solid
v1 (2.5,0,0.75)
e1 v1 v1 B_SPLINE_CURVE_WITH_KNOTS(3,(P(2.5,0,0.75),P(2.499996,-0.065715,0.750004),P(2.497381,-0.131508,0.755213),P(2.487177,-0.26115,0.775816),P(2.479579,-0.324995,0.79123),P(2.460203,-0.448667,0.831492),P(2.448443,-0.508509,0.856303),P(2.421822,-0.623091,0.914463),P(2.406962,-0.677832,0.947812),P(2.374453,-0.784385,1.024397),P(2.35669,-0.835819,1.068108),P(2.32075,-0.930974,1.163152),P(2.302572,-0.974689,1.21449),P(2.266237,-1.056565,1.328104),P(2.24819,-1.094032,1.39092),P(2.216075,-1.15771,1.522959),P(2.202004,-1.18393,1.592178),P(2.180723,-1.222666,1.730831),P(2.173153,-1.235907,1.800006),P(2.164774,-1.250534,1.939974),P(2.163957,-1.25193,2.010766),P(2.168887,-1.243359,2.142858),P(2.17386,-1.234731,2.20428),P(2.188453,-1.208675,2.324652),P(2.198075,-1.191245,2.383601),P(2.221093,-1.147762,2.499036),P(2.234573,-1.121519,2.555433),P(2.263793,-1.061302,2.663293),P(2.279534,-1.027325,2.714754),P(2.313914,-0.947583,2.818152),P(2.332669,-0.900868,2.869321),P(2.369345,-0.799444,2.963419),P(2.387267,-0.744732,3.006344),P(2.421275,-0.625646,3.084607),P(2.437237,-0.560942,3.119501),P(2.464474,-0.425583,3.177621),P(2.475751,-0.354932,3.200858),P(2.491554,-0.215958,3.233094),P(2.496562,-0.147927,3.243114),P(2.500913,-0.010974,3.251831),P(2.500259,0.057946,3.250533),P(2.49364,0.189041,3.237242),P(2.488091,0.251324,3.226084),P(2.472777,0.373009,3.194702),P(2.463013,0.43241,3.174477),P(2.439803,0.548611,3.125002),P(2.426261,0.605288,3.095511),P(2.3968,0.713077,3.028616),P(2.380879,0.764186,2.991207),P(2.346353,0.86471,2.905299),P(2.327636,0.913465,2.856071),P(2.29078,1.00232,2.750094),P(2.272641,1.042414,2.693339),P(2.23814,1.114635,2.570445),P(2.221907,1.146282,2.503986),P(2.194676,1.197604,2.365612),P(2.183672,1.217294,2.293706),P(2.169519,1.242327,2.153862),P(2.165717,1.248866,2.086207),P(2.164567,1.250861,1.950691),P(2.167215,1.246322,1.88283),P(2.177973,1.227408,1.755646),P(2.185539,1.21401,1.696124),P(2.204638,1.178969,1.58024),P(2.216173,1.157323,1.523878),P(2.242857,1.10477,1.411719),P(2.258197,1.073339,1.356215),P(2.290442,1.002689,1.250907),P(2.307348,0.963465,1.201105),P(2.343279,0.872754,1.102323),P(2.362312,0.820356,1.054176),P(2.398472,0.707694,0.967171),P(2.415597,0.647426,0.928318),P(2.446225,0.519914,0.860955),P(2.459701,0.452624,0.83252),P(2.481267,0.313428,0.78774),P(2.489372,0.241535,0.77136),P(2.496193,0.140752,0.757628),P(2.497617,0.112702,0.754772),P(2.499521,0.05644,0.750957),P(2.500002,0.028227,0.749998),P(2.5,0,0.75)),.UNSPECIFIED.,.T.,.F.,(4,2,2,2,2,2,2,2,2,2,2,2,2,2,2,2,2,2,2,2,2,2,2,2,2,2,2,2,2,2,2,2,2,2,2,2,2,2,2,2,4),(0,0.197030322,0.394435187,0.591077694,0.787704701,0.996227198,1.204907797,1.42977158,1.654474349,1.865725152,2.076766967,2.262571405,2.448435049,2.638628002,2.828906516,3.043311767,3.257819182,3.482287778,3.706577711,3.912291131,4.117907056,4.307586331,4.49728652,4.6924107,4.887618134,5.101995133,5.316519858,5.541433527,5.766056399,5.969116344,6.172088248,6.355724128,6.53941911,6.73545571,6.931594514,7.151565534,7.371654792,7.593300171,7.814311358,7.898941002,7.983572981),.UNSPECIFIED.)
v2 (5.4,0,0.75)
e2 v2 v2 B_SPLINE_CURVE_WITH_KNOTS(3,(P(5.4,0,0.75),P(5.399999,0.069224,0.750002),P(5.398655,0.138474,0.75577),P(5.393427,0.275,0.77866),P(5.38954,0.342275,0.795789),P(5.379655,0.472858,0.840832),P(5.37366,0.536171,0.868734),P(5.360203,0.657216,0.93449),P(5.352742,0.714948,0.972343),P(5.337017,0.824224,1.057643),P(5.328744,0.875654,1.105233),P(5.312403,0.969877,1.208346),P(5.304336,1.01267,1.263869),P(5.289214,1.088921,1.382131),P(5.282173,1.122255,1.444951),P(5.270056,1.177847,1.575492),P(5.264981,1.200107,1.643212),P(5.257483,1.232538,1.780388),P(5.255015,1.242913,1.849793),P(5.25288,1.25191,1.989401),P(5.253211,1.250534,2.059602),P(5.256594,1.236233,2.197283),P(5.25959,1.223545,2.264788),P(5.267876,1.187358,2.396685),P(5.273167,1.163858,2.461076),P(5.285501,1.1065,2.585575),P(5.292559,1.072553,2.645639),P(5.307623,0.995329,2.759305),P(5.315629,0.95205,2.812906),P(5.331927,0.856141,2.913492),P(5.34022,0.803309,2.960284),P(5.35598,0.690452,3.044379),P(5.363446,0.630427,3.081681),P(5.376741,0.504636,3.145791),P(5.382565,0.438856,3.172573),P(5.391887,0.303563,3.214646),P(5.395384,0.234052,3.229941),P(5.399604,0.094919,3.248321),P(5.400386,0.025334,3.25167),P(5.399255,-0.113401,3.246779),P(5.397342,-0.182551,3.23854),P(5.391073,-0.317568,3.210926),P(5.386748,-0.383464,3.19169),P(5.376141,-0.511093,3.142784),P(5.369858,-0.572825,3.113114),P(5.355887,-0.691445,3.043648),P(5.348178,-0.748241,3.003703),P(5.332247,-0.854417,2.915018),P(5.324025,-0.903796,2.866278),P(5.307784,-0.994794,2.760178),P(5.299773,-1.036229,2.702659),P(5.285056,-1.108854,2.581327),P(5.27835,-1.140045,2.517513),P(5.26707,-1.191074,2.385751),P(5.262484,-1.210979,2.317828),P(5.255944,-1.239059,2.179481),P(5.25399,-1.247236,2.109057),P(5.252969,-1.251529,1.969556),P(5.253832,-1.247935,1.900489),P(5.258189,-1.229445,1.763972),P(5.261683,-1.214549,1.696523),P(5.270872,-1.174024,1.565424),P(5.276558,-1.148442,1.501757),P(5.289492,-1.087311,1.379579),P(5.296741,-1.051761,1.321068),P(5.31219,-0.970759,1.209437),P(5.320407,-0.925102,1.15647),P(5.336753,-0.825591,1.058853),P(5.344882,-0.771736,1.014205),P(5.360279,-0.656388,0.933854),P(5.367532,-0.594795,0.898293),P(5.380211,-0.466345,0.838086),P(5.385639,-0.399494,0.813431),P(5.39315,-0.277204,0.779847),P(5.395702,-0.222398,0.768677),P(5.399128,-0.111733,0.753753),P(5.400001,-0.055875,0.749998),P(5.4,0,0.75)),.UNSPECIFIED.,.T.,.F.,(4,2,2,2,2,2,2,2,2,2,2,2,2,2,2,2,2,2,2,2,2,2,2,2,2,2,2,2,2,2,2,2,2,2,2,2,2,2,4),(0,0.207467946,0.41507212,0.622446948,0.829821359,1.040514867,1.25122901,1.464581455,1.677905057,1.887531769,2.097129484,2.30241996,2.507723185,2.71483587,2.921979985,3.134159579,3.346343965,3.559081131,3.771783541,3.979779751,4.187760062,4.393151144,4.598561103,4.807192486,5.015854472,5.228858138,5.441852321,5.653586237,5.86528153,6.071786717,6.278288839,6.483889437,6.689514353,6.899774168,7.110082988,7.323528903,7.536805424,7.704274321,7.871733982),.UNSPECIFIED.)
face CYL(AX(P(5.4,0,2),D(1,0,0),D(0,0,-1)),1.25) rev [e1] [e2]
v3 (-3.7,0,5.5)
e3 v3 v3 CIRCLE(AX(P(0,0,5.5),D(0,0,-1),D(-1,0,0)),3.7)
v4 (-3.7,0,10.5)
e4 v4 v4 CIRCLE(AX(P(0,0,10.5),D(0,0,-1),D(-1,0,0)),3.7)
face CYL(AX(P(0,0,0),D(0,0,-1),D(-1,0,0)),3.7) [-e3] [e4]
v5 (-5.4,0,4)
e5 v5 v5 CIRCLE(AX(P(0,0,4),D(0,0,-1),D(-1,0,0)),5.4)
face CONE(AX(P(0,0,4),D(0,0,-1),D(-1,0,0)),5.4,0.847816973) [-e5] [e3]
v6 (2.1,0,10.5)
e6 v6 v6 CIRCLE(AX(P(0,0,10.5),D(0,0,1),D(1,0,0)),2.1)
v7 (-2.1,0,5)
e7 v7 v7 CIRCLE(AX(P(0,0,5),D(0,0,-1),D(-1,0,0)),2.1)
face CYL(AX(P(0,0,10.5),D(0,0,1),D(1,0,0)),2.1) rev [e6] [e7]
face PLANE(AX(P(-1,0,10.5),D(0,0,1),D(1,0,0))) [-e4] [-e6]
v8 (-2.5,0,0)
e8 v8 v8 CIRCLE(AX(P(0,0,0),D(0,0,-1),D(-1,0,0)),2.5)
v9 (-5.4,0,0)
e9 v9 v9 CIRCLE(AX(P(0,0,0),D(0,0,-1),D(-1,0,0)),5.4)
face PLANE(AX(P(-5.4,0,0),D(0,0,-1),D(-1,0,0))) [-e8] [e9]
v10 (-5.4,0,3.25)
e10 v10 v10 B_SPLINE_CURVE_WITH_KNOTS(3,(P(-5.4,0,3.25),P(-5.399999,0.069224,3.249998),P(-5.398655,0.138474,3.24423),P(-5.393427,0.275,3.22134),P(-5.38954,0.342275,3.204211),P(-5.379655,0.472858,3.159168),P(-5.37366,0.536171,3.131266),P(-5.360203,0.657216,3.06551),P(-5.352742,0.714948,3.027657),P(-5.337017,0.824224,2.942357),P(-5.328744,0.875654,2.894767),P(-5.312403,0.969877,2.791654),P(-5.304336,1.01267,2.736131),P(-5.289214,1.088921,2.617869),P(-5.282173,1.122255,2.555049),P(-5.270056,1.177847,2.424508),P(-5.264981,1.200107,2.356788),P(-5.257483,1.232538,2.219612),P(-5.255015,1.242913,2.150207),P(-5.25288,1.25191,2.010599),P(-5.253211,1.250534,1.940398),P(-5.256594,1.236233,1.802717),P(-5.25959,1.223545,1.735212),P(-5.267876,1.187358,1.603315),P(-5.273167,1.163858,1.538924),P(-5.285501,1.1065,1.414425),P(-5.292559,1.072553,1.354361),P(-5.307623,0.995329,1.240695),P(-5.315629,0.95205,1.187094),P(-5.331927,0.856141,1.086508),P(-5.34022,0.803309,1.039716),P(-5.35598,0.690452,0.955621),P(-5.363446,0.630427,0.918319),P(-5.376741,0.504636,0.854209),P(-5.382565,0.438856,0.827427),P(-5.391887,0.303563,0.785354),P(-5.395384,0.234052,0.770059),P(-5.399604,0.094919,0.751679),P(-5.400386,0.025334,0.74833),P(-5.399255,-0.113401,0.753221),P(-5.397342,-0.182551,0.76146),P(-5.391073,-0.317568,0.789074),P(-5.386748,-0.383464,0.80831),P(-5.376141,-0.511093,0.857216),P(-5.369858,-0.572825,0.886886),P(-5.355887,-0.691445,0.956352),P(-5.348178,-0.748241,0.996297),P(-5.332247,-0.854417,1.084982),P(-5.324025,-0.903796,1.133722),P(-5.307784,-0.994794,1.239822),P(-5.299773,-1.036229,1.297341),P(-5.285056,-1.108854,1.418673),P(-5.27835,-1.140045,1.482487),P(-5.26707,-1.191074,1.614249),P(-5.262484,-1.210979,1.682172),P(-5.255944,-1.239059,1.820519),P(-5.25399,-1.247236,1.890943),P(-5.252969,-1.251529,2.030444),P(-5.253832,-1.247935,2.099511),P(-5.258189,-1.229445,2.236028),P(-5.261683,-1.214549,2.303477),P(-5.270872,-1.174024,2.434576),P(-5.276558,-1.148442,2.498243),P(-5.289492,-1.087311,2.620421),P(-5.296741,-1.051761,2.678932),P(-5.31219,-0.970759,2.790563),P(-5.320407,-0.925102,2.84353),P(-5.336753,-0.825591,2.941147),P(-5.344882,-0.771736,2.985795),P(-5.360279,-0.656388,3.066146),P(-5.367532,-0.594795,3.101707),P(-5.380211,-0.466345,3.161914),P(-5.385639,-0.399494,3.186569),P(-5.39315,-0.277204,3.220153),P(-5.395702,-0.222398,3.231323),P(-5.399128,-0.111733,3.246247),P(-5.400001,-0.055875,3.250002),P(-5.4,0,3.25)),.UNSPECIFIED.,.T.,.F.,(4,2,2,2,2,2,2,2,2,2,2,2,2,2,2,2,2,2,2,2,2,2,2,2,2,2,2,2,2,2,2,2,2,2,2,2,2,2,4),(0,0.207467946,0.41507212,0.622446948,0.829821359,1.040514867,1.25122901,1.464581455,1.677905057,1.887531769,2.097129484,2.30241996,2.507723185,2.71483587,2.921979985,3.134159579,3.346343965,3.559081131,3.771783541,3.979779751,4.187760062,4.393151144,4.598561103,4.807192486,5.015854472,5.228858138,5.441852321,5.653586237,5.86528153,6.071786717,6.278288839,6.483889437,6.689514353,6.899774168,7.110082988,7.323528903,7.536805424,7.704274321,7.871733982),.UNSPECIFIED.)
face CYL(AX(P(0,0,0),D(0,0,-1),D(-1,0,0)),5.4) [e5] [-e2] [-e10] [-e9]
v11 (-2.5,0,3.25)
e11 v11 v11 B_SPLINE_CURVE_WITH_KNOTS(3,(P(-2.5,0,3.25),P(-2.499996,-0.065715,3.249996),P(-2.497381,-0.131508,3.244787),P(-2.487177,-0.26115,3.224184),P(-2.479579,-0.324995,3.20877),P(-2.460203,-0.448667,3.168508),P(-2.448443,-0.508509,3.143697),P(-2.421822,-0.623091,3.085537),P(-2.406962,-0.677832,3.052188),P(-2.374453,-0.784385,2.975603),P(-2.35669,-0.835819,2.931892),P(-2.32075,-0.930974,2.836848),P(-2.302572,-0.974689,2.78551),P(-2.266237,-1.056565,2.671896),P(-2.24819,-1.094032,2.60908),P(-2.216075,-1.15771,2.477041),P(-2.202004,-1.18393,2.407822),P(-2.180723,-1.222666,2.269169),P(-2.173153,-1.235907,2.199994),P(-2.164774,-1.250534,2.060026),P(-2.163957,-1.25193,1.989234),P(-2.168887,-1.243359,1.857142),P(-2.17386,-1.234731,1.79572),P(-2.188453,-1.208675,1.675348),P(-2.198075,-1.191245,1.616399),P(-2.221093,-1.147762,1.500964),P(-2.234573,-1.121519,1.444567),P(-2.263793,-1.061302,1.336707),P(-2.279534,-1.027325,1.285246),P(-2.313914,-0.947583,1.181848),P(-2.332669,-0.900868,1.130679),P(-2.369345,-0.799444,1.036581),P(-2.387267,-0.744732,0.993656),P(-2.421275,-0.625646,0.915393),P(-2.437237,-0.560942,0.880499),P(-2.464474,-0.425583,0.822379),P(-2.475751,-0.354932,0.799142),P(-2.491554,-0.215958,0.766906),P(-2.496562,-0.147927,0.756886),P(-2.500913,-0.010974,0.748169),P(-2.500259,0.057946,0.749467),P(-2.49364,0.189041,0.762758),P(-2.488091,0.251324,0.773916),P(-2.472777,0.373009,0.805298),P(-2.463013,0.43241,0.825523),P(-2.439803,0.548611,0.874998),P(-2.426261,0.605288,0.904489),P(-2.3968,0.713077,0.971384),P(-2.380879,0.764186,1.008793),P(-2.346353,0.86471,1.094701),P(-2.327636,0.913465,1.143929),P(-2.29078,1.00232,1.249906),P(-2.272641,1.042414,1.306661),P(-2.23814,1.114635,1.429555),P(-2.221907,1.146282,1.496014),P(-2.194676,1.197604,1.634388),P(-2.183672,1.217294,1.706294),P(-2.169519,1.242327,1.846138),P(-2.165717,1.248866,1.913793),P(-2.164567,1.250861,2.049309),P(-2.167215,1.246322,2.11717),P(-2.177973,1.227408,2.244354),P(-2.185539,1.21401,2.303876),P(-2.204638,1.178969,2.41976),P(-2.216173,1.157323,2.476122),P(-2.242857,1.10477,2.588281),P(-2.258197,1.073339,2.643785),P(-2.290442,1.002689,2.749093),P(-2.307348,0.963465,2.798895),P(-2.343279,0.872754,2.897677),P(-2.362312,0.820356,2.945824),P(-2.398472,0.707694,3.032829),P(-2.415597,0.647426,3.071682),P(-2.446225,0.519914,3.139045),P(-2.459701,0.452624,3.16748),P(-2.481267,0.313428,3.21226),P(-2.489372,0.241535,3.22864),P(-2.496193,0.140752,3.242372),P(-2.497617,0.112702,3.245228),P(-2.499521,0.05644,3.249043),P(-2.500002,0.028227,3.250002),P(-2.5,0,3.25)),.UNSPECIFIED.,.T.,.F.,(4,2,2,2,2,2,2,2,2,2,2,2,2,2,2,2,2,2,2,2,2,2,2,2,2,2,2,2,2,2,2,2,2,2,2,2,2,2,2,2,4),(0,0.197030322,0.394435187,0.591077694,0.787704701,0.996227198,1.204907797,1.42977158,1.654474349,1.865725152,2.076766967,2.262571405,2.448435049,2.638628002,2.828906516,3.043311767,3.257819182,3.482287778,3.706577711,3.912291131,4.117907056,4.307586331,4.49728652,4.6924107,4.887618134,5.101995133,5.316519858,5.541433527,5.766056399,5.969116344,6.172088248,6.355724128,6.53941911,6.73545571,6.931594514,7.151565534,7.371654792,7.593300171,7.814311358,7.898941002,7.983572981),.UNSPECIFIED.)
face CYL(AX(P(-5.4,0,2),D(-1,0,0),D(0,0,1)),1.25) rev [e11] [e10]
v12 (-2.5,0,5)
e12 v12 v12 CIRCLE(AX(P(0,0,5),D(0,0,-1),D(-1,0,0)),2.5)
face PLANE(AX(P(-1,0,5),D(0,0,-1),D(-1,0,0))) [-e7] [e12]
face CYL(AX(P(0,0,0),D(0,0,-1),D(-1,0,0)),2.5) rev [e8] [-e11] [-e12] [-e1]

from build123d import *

# Parameters (mm, degrees)
CONNECTOR_M5X0_8_TAPPED_HOLE_D        = 4.2
SET_SCREW_1_M3X0_5_TAPPED_HOLE_REACH  = 16.767
SET_SCREW_1_M3X0_5_TAPPED_HOLE_BORE_R = 1.25
SET_SCREW_2_PATTERN_COUNT             = 2


with BuildPart() as part:
    # Body Sketch → Body Revolve (revolve)
    with BuildSketch(Plane(origin=(0, 0, 0), x_dir=(-1, 0, 0), z_dir=(0, 1, 0))):
        Polygon((1, 10.5), (3.7, 10.5), (3.7, 5.5), (5.4, 4), (5.4, 0), (2.5, 0), (2.5, 5), (1, 5), align=None)
    revolve(axis=Axis((0, 0, 0), (0, 0, 1)))

    # Connector M5x0.8 Tapped Hole (through all)
    with Locations(Plane.XY.offset(10.5)):
        with Locations((0, 0)):
            Hole(CONNECTOR_M5X0_8_TAPPED_HOLE_D / 2)

    # Set Screw 1 M3x0.5 Tapped Hole bore (on position points) → Set Screw 1 M3x0.5 Tapped Hole (cut, up to next)
    with BuildSketch(Plane(origin=(5.4, 0, 2), x_dir=(0, 1, 0), z_dir=(1, 0, 0)), mode=Mode.PRIVATE) as set_screw_1_m3x0_5_tapped_hole_sk1:
        Circle(SET_SCREW_1_M3X0_5_TAPPED_HOLE_BORE_R)
    set_screw_1_m3x0_5_tapped_hole_tool1 = extrude(set_screw_1_m3x0_5_tapped_hole_sk1.sketch, amount=-SET_SCREW_1_M3X0_5_TAPPED_HOLE_REACH, mode=Mode.PRIVATE) & part.part
    set_screw_1_m3x0_5_tapped_hole = set_screw_1_m3x0_5_tapped_hole_tool1.solids().sort_by_distance((5.4, 0, 2))[0]
    add(set_screw_1_m3x0_5_tapped_hole, mode=Mode.SUBTRACT)

    # Set Screw 2 Pattern: Set Screw 1 M3x0.5 Tapped Hole ×2 about axis
    set_screw_2_pattern_axis = Axis((0, 0, 0), (0, 0, 1))
    for i in range(1, SET_SCREW_2_PATTERN_COUNT):
        add(set_screw_1_m3x0_5_tapped_hole.rotate(set_screw_2_pattern_axis, i * 360 / SET_SCREW_2_PATTERN_COUNT), mode=Mode.SUBTRACT)


solid = part.part
